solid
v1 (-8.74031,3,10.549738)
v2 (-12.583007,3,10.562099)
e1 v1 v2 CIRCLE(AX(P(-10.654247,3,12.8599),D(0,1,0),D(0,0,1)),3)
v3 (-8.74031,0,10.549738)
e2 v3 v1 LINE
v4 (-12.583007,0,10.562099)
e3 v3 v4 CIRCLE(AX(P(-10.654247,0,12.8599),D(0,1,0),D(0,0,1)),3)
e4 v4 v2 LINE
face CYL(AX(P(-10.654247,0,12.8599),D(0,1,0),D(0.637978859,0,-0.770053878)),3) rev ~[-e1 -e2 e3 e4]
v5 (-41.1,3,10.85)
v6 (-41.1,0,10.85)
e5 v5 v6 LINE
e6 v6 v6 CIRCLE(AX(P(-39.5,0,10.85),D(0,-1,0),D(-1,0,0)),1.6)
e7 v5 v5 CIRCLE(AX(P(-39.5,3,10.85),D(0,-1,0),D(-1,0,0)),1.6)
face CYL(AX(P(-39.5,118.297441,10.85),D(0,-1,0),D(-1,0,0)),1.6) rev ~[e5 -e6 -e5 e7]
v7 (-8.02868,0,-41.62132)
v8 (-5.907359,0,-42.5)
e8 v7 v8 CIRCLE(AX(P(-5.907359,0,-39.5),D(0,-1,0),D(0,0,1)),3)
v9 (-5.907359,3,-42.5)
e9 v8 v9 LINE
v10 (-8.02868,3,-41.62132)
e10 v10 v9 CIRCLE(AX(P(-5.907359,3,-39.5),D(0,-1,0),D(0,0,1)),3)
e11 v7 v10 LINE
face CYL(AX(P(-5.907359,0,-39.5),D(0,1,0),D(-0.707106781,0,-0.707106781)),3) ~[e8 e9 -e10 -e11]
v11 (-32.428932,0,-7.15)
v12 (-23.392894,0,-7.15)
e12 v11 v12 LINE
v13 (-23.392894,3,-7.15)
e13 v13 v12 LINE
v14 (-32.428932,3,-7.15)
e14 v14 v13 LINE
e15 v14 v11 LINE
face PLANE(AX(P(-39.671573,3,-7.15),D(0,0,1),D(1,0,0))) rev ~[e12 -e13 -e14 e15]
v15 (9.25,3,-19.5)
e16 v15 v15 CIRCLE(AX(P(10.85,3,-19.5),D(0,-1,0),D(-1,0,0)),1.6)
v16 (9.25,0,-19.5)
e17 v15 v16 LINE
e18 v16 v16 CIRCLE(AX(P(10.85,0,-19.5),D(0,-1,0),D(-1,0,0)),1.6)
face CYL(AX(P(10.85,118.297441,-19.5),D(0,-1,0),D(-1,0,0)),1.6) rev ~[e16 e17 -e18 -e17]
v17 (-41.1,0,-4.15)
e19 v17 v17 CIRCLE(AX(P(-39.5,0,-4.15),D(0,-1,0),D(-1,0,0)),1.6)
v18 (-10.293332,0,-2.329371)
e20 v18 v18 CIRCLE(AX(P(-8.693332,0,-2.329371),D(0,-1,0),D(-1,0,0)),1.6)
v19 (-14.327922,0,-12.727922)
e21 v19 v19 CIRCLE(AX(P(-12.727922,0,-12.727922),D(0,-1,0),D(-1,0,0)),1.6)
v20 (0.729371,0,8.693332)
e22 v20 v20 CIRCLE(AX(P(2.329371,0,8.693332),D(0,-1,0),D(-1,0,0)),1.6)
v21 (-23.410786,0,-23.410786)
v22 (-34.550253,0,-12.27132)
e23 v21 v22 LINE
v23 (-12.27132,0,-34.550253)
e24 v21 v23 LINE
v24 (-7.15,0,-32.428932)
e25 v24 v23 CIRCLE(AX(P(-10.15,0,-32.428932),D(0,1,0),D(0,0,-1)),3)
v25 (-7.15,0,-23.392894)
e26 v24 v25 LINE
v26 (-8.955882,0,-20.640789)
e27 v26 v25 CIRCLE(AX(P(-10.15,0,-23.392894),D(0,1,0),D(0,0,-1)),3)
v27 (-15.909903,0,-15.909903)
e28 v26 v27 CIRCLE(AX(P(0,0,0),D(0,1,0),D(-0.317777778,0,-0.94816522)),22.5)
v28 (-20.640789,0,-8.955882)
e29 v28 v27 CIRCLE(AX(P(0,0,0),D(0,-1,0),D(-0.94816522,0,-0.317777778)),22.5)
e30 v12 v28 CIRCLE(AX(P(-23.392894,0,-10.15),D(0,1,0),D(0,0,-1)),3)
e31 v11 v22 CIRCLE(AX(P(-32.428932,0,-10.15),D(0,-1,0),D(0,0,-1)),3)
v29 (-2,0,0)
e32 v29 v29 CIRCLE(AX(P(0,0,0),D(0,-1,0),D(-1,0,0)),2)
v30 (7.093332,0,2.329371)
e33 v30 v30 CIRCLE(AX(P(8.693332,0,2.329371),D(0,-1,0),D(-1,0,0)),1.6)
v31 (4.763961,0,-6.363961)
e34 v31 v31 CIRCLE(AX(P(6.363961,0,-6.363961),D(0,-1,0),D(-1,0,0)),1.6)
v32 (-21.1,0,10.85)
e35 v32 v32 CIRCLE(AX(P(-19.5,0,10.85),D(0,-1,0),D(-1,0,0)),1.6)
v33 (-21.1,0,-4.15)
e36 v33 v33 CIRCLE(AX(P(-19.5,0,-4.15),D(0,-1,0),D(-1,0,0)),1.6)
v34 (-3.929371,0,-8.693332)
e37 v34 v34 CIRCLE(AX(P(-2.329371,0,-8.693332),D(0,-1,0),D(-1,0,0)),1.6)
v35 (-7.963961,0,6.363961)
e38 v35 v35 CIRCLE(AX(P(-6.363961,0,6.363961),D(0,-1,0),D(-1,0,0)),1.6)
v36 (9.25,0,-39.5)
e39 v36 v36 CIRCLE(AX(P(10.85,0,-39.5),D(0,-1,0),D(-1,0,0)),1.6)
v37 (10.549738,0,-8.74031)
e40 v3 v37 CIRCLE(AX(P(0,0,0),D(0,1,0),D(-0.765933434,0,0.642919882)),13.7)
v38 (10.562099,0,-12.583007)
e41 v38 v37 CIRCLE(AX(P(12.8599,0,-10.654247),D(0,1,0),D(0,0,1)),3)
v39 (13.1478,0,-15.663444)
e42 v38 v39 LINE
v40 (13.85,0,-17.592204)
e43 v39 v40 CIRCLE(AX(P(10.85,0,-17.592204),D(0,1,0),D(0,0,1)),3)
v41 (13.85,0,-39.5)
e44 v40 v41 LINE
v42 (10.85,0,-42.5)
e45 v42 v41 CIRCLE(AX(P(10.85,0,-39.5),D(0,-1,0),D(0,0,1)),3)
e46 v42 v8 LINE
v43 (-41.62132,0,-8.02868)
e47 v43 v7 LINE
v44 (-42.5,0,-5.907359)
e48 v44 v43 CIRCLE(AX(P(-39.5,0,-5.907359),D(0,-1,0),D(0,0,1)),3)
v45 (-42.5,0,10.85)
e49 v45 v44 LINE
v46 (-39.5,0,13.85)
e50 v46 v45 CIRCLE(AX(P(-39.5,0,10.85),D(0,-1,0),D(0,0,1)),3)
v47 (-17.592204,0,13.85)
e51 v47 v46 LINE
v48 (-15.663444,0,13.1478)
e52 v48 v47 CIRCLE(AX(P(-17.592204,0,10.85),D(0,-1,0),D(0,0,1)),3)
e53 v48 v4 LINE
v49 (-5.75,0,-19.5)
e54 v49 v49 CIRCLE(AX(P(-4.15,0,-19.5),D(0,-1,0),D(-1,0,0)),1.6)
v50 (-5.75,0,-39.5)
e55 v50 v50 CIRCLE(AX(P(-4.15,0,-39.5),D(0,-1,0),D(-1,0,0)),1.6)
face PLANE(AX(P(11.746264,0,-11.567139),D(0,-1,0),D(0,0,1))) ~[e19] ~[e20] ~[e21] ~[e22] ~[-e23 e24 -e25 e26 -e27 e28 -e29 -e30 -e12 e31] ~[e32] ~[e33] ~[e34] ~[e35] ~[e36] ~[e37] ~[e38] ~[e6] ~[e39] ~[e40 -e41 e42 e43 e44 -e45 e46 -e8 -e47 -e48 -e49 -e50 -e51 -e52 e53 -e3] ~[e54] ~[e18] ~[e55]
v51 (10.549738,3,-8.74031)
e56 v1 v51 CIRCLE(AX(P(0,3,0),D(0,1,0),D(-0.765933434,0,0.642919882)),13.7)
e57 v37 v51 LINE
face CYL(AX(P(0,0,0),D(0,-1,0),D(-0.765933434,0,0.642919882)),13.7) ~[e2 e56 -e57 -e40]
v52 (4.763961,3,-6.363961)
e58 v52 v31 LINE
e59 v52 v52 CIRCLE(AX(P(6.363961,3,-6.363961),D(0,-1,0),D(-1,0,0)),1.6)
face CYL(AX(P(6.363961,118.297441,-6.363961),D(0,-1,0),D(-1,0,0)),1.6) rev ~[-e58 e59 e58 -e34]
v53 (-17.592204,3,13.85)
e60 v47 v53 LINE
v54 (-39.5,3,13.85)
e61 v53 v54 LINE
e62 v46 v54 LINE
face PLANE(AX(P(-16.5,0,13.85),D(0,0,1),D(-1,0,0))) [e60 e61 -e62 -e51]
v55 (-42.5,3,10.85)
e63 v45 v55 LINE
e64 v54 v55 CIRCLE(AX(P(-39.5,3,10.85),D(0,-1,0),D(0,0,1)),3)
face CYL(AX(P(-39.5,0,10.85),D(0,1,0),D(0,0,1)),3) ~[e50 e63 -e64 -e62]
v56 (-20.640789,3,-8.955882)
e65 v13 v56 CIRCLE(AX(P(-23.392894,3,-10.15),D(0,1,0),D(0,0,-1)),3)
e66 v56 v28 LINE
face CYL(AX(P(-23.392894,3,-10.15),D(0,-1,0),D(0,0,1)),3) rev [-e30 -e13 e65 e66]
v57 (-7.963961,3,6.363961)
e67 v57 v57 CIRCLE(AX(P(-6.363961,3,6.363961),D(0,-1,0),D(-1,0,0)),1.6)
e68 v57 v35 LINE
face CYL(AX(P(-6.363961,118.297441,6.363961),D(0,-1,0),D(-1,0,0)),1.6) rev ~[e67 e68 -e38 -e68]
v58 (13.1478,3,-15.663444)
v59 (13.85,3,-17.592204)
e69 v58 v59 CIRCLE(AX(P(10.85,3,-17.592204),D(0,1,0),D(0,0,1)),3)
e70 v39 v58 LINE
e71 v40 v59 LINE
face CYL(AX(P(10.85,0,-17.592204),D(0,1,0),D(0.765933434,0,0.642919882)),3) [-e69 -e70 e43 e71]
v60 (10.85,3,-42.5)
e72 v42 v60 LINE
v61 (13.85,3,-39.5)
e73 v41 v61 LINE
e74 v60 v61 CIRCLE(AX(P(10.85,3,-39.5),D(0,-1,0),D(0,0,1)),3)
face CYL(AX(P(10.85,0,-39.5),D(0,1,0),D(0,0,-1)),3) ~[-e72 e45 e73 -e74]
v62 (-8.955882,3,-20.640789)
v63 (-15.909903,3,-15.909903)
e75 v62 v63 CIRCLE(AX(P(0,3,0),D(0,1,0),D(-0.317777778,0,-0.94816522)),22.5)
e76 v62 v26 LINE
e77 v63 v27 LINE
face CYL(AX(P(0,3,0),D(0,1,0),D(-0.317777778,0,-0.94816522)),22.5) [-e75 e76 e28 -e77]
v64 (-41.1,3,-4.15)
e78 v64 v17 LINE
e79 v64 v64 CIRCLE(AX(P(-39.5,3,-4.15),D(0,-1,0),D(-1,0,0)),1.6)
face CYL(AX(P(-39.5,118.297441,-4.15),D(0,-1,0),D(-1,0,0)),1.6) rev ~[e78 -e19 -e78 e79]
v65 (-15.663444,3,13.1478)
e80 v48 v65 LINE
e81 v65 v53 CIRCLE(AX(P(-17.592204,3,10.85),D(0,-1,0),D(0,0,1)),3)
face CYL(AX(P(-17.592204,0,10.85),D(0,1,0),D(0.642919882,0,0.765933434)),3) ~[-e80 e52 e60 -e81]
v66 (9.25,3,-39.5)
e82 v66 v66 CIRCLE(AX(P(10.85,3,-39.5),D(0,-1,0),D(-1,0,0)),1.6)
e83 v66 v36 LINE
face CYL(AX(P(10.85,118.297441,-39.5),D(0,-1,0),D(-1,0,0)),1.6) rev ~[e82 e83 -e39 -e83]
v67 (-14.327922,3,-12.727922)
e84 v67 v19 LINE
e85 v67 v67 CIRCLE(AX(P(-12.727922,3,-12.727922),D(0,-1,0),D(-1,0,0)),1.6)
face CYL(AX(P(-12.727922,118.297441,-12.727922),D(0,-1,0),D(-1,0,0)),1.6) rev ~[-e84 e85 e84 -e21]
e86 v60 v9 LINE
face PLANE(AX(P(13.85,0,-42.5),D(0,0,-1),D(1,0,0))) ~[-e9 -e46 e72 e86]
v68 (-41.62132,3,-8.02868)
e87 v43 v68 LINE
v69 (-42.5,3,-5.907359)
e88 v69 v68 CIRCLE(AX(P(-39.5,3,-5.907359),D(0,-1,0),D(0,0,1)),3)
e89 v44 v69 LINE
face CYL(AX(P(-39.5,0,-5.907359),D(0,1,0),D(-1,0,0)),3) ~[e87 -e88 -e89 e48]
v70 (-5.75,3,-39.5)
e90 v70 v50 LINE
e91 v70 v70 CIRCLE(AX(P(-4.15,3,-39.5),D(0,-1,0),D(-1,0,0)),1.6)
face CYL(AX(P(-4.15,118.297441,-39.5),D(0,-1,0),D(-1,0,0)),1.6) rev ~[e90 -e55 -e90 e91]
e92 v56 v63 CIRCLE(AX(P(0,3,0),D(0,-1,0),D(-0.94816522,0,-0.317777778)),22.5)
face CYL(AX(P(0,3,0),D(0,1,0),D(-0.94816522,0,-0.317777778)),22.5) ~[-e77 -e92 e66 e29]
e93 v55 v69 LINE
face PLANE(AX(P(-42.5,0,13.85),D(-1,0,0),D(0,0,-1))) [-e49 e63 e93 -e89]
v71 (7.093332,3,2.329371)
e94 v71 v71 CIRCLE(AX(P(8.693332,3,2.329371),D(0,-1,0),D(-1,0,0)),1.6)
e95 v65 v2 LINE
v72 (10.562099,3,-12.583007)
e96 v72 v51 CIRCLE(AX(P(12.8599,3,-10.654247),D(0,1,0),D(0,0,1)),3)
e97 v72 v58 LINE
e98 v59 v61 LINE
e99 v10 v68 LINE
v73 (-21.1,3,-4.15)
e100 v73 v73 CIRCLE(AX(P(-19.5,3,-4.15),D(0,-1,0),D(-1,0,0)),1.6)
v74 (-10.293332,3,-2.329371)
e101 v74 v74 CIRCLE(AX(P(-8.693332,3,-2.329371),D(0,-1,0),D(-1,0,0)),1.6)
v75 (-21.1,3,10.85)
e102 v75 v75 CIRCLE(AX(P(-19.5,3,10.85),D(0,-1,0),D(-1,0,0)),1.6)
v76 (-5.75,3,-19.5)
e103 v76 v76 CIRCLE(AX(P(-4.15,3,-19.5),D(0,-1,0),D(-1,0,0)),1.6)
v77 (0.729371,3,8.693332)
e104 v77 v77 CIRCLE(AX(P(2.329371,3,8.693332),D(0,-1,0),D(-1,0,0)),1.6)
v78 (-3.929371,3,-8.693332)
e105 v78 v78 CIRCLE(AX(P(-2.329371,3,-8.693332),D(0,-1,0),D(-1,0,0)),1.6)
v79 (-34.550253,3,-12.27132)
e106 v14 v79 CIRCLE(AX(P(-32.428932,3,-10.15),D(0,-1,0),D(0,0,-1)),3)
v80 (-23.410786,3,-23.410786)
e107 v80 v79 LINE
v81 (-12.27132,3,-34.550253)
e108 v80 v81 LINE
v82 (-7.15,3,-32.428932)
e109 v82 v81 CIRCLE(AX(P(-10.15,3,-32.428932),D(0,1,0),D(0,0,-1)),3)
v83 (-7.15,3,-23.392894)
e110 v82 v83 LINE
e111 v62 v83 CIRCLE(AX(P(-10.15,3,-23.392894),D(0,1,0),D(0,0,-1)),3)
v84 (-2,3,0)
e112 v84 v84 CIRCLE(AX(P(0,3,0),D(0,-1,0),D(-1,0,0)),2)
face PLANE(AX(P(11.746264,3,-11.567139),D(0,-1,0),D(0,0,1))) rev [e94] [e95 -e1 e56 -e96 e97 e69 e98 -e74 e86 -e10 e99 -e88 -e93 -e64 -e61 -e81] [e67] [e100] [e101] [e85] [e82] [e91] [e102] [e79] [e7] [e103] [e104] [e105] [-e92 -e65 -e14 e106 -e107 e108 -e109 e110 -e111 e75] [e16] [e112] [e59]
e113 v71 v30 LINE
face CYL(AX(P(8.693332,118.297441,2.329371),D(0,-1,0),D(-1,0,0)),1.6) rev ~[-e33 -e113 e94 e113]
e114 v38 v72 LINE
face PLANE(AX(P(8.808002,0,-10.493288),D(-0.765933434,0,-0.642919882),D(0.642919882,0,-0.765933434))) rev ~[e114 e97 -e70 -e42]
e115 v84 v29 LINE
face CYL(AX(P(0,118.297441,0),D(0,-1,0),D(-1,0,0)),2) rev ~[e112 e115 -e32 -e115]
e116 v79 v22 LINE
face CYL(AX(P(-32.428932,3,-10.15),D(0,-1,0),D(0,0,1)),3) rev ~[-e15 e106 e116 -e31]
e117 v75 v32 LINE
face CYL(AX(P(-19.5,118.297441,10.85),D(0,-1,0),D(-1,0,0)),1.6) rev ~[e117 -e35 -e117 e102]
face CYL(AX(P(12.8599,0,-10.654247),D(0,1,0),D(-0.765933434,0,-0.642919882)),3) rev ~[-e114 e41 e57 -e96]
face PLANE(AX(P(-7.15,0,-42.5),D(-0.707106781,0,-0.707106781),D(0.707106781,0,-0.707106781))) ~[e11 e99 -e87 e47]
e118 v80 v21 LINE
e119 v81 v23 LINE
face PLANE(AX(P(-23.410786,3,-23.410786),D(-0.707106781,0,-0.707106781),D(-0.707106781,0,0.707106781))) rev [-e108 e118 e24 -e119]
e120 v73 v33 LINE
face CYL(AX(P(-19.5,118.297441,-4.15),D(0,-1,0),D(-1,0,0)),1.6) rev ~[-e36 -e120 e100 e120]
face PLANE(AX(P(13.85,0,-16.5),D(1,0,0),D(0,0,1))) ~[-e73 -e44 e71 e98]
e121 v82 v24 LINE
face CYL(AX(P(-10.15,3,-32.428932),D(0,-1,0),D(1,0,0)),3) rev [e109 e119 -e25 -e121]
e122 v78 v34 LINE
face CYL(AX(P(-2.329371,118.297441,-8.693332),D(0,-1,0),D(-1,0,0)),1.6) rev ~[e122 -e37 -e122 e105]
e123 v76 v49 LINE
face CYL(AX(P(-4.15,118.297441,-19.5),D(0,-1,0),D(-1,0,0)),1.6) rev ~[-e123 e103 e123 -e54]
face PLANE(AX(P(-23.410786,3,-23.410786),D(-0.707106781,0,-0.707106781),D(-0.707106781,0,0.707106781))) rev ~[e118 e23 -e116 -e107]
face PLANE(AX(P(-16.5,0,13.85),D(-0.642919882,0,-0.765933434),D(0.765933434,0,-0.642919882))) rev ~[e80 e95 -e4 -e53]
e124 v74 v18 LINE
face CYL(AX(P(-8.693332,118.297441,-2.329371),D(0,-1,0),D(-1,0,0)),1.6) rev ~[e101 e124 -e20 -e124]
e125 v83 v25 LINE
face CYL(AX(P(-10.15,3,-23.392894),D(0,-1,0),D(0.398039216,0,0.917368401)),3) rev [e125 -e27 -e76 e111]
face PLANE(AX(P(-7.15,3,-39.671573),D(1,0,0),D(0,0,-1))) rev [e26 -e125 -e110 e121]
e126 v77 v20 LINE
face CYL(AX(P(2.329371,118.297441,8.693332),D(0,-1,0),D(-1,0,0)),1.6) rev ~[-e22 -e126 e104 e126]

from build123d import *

# Parameters (mm, degrees)
BOSS_EXTRUDE1_DEPTH      = 3
M3_CLEARANCE_HOLE1_D     = 3.2
M3_CLEARANCE_HOLE2_D     = 3.2
F_4_0_4_DIAMETER_HOLE1_D = 4
CUT_EXTRUDE3_DEPTH       = 3
FILLET5_R                = 3
M3_CLEARANCE_HOLE3_D     = 3.2
CUT_EXTRUDE4_START       = -3
CUT_EXTRUDE4_DEPTH       = 3
FILLET6_R                = 3


with BuildPart() as part:
    # Sketch2 → Boss-Extrude1 (new body)
    with BuildSketch(Plane(origin=(0, 0, 0), x_dir=(1, 0, 0), z_dir=(0, 1, 0))):
        with BuildLine():
            Line((-16.5, -13.85), (-42.5, -13.85))
            Line((-42.5, -13.85), (-42.5, 7.15))
            Line((-42.5, 7.15), (-24.825, 24.825))
            Line((-24.825, 24.825), (25.724873734, -25.724873734))
            Line((25.724873734, -25.724873734), (16.974873734, -34.474873734))
            ThreePointArc((16.974873734, -34.474873734), (14.482141695, -35.49995444), (12, -34.449489743))
            Line((12, -34.449489743), (12, -39))
            Line((12, -39), (-12, -39))
            Line((-12, -39), (-12, -34.449489743))
            ThreePointArc((-12, -34.449489743), (-17.17260394, -34.259908888), (-16.5, -29.127718677))
            Line((-16.5, -29.127718677), (-16.5, -13.85))
        make_face()
    extrude(amount=BOSS_EXTRUDE1_DEPTH)

    # Mirror5: part across plane


with BuildPart() as part_1:
    add(part.part)
    add(part.part.mirror(Plane(origin=(25.724873734, 3, 25.724873734), x_dir=(0.7071067811865465, 0, 0.7071067811865487), z_dir=(-0.7071067811865486, 0, 0.7071067811865465))))

    # M3 Clearance Hole1 (through all)
    with Locations(Plane(origin=(0, 3, 0), x_dir=(1, 0, 0), z_dir=(0, 1, 0))):
        with Locations((-39.5, 4.15), (-19.5, 4.15), (-19.5, -10.85), (-39.5, -10.85), (-4.15, 19.5), (-4.15, 39.5), (10.85, 39.5), (10.85, 19.5)):
            Hole(M3_CLEARANCE_HOLE1_D / 2)

    # M3 Clearance Hole2 (through all)
    with Locations(Plane(origin=(0, 3, 0), x_dir=(1, 0, 0), z_dir=(0, 1, 0))):
        with Locations((-2.329371406, 8.693332437), (6.363961031, 6.363961031), (8.693332437, -2.329371406), (2.329371406, -8.693332437), (-6.363961031, -6.363961031), (-8.693332437, 2.329371406)):
            Hole(M3_CLEARANCE_HOLE2_D / 2)

    # Ø4.0 (4) Diameter Hole1 (through all)
    with Locations(Plane(origin=(0, 3, 0), x_dir=(1, 0, 0), z_dir=(0, 1, 0))):
        with Locations((0, 0)):
            Hole(F_4_0_4_DIAMETER_HOLE1_D / 2)

    # Sketch13 → Cut-Extrude3 (cut)
    with BuildSketch(Plane(origin=(0, 3, 0), x_dir=(1, 0, 0), z_dir=(0, 1, 0))):
        with BuildLine():
            Line((-39.671572875, 7.15), (-21.333717444, 7.15))
            ThreePointArc((-21.333717444, 7.15), (-19.129970762, 11.844586048), (-15.909902577, 15.909902577))
            Line((-15.909902577, 15.909902577), (-23.410786438, 23.410786438))
            Line((-23.410786438, 23.410786438), (-39.671572875, 7.15))
        make_face()
    cut_extrude3 = extrude(amount=-CUT_EXTRUDE3_DEPTH, mode=Mode.SUBTRACT)

    # Mirror6: Cut-Extrude3 across plane
    add(cut_extrude3.mirror(Plane(origin=(0, -28.792883686, 0), x_dir=(0.7071067811865467, 0, 0.7071067811865482), z_dir=(-0.7071067811865482, 0, 0.7071067811865468))), mode=Mode.SUBTRACT)

    # Fillet5
    fillet5_edges = [part_1.edges().sort_by_distance(p)[0] for p in [
        (-21.333717444, 1.5, -7.15),
        (-39.671572875, 1.5, -7.15),
        (-7.15, 1.5, -21.333717444),
        (-7.15, 1.5, -39.671572875),
    ]]
    fillet(fillet5_edges, radius=FILLET5_R)

    # M3 Clearance Hole3 (through all)
    with Locations(Plane(origin=(0, 3, 0), x_dir=(1, 0, 0), z_dir=(0, 1, 0))):
        with Locations((-12.727922061, 12.727922061)):
            Hole(M3_CLEARANCE_HOLE3_D / 2)

    # Sketch16 → Cut-Extrude4 (cut)
    with BuildSketch(Plane(origin=(0, 3, 0), x_dir=(1, 0, 0), z_dir=(0, 1, 0)).offset(CUT_EXTRUDE4_START)):
        with BuildLine():
            Line((-16.5, -13.85), (-10.493288043, -8.808002387))
            ThreePointArc((-10.493288043, -8.808002387), (9.687362902, -9.687362902), (8.808002387, 10.493288043))
            Line((8.808002387, 10.493288043), (13.85, 16.5))
            Line((13.85, 16.5), (29.127718677, 16.5))
            ThreePointArc((29.127718677, 16.5), (34.259908888, 17.17260394), (34.449489743, 12))
            Line((34.449489743, 12), (39, 12))
            Line((39, 12), (39, -12))
            Line((39, -12), (34.449489743, -12))
            ThreePointArc((34.449489743, -12), (35.49995444, -14.482141695), (34.474873734, -16.974873734))
            Line((34.474873734, -16.974873734), (16.974873734, -34.474873734))
            ThreePointArc((16.974873734, -34.474873734), (14.482141695, -35.49995444), (12, -34.449489743))
            Line((12, -34.449489743), (12, -39))
            Line((12, -39), (-12, -39))
            Line((-12, -39), (-12, -34.449489743))
            ThreePointArc((-12, -34.449489743), (-17.17260394, -34.259908888), (-16.5, -29.127718677))
            Line((-16.5, -29.127718677), (-16.5, -13.85))
        make_face()
    extrude(amount=CUT_EXTRUDE4_DEPTH, mode=Mode.SUBTRACT)

    # Fillet6
    fillet6_edges = [part_1.edges().sort_by_distance(p)[0] for p in [
        (-16.5, 1.5, 13.85),
        (-42.5, 1.5, 13.85),
        (-42.5, 1.5, -7.15),
        (-10.493288043, 1.5, 8.808002387),
        (8.808002387, 1.5, -10.493288043),
        (-7.15, 1.5, -42.5),
        (13.85, 1.5, -42.5),
        (13.85, 1.5, -16.5),
    ]]
    fillet(fillet6_edges, radius=FILLET6_R)


solid = part_1.part
